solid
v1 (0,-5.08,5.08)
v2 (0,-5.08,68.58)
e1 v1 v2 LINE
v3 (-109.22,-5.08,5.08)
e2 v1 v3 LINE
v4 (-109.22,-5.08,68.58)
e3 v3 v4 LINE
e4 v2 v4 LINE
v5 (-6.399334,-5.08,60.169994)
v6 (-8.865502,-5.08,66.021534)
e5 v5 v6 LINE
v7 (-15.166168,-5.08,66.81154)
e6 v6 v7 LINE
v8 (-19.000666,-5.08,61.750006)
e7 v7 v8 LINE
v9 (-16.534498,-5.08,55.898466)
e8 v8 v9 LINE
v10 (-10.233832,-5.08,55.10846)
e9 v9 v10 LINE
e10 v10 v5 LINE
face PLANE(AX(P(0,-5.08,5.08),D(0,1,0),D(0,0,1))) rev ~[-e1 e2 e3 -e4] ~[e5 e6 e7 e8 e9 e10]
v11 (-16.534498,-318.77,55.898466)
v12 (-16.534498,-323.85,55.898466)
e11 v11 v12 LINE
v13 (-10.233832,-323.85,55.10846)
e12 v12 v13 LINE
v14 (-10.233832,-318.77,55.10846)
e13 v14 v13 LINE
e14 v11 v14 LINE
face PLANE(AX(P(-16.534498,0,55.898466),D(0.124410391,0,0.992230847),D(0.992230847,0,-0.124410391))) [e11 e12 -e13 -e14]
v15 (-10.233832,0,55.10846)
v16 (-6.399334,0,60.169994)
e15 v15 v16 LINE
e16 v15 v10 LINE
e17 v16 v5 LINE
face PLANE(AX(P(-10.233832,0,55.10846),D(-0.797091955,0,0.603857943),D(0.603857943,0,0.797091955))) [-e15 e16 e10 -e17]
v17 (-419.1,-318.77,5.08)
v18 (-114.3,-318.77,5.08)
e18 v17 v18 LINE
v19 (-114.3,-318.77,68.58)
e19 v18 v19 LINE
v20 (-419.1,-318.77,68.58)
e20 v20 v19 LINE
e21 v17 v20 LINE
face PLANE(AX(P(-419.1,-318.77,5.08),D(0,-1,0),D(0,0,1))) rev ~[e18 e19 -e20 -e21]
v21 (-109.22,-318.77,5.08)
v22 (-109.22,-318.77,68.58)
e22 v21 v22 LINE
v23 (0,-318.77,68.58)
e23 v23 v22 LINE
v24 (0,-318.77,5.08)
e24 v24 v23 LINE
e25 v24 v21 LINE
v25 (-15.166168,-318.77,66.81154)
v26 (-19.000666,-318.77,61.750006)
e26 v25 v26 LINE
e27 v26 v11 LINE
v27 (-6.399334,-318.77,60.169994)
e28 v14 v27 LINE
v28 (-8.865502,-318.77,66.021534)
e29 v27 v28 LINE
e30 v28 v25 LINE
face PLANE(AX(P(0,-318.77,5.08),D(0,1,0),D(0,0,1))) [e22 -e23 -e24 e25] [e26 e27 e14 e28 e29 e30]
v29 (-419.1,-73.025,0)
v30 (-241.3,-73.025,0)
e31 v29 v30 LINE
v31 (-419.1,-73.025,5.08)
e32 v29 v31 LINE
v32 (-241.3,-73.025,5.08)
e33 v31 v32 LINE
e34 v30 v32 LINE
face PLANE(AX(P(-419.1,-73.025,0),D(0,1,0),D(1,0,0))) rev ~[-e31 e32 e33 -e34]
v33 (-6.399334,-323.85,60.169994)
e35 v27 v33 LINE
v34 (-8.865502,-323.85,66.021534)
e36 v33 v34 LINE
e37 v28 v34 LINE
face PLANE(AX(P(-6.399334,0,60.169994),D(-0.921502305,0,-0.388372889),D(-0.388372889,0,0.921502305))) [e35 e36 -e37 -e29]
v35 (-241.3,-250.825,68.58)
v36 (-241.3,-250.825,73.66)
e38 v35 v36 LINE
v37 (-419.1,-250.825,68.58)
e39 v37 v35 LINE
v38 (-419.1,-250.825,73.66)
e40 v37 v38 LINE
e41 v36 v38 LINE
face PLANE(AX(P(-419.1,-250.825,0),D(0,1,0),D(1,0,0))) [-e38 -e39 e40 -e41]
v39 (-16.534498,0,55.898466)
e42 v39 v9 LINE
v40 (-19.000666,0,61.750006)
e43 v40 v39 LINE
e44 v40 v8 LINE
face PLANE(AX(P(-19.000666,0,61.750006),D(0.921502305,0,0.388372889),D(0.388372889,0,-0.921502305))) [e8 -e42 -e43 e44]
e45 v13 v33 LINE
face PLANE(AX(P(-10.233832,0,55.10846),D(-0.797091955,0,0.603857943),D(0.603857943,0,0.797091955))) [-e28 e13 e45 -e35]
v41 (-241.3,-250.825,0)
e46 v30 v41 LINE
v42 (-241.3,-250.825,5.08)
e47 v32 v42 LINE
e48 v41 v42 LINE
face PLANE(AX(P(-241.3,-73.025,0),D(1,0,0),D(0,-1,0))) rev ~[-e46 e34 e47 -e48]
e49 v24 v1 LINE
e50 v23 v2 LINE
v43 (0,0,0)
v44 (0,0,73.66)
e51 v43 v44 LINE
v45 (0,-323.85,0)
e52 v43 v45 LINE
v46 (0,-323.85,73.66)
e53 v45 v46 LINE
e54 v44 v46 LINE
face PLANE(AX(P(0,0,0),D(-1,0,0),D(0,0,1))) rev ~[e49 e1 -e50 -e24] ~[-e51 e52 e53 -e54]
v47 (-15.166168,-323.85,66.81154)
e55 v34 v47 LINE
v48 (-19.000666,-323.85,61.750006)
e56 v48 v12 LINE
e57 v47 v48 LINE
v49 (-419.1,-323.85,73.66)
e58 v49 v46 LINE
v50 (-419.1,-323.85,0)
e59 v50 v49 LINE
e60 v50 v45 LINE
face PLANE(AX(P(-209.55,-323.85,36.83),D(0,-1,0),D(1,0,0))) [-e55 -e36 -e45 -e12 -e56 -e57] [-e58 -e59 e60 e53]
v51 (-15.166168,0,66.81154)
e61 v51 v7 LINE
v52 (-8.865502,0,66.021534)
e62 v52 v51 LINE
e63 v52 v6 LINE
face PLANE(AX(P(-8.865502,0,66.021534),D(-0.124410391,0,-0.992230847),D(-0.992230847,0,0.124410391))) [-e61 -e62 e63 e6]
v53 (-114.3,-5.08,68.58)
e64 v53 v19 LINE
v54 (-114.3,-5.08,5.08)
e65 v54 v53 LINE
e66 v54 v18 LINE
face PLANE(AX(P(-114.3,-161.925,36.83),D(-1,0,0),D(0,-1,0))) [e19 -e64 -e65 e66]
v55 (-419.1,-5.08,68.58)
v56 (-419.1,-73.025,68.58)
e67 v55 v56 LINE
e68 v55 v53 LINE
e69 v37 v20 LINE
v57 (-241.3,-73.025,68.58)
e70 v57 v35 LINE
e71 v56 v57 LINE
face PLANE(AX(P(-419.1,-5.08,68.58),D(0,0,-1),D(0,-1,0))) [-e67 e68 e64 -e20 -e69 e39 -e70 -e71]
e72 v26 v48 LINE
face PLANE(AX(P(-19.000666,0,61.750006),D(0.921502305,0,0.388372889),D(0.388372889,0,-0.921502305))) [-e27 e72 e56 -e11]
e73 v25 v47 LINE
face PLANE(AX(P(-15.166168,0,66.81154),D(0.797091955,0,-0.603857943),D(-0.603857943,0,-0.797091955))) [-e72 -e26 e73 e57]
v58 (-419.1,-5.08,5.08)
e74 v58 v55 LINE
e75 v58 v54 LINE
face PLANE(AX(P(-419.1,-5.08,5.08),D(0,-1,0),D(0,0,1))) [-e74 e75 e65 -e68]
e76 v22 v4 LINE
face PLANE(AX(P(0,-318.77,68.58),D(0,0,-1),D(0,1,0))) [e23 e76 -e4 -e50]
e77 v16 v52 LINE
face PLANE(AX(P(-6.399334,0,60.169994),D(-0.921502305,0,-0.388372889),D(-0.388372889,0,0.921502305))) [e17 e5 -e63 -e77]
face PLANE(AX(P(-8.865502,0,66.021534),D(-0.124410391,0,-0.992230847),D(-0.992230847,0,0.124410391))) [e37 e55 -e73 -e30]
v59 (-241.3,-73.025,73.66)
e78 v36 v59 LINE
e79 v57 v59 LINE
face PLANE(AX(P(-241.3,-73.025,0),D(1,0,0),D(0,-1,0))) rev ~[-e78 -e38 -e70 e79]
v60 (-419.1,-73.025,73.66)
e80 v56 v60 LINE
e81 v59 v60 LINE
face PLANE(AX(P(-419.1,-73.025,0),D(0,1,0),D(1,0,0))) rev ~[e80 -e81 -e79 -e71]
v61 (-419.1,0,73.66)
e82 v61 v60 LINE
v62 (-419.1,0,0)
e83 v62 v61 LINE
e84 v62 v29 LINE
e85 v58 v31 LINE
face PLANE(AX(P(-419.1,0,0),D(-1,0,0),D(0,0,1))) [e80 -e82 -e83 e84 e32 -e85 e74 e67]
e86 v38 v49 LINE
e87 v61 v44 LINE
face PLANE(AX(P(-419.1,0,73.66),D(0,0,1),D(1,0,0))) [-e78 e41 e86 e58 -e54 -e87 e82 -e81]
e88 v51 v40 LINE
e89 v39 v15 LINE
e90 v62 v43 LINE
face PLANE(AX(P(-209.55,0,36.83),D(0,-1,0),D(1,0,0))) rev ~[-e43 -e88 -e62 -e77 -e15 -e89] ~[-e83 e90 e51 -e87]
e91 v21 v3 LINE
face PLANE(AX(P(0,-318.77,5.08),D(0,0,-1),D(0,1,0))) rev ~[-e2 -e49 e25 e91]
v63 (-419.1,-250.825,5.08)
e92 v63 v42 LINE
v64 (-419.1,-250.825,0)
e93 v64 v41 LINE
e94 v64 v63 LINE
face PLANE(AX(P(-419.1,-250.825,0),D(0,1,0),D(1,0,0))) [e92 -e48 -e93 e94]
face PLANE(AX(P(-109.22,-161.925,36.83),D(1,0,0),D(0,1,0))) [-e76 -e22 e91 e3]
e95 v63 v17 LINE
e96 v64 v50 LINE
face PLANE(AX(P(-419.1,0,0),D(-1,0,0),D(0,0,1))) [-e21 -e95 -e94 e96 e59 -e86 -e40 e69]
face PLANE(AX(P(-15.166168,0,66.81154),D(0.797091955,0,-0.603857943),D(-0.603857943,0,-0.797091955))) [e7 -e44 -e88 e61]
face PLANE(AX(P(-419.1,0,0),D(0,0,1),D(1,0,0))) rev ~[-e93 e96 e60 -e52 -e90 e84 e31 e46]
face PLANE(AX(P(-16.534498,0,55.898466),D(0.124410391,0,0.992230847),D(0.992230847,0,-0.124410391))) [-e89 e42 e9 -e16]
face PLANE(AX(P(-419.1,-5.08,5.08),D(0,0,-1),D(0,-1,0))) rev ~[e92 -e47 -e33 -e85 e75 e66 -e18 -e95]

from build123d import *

# Parameters (mm, degrees)
F0_W     = 419.1
F0_H     = 73.66
F1_DEPTH = 323.85
F2_W     = 313.69
F2_H     = 63.5
F3_DEPTH = 304.8
F4_W     = 313.69
F4_H     = 63.5
F5_DEPTH = 109.22
F7_DEPTH = 323.85
F8_W     = 177.8
F8_H     = 177.8
F9_DEPTH = 73.661


with BuildPart() as f1:
    # F0 (on Front) → F1 (new body)
    with BuildSketch(Plane.XZ):
        with Locations((-209.55, 36.83)):
            Rectangle(F0_W, F0_H)
    extrude(amount=F1_DEPTH)

    # F2 (on face) → F3 (cut)
    with BuildSketch(Plane(origin=(-419.1, 0, 0), x_dir=(0, -1, 0), z_dir=(-1, 0, 0))):
        with Locations((161.925, 36.83)):
            Rectangle(F2_W, F2_H)
    extrude(amount=-F3_DEPTH, mode=Mode.SUBTRACT)

    # F4 (on face) → F5 (cut)
    with BuildSketch(Plane.YZ):
        with Locations((-161.925, 36.83)):
            Rectangle(F4_W, F4_H)
    extrude(amount=-F5_DEPTH, mode=Mode.SUBTRACT)

    # F6 (on face) → F7 (cut, through all)
    with BuildSketch(Plane.XZ):
        Polygon((-19.000666, 61.750006), (-16.534498, 55.898466), (-10.233832, 55.10846), (-6.399334, 60.169994), (-8.865502, 66.021534), (-15.166168, 66.81154), align=None)
    extrude(amount=F7_DEPTH, mode=Mode.SUBTRACT)

    # F8 (on face) → F9 (cut, through all)
    with BuildSketch(Plane(origin=(0, 0, 0), x_dir=(1, 0, 0), z_dir=(0, 0, -1))):
        with Locations((-330.2, 161.925)):
            Rectangle(F8_W, F8_H)
    extrude(amount=-F9_DEPTH, mode=Mode.SUBTRACT)


solid = f1.part
